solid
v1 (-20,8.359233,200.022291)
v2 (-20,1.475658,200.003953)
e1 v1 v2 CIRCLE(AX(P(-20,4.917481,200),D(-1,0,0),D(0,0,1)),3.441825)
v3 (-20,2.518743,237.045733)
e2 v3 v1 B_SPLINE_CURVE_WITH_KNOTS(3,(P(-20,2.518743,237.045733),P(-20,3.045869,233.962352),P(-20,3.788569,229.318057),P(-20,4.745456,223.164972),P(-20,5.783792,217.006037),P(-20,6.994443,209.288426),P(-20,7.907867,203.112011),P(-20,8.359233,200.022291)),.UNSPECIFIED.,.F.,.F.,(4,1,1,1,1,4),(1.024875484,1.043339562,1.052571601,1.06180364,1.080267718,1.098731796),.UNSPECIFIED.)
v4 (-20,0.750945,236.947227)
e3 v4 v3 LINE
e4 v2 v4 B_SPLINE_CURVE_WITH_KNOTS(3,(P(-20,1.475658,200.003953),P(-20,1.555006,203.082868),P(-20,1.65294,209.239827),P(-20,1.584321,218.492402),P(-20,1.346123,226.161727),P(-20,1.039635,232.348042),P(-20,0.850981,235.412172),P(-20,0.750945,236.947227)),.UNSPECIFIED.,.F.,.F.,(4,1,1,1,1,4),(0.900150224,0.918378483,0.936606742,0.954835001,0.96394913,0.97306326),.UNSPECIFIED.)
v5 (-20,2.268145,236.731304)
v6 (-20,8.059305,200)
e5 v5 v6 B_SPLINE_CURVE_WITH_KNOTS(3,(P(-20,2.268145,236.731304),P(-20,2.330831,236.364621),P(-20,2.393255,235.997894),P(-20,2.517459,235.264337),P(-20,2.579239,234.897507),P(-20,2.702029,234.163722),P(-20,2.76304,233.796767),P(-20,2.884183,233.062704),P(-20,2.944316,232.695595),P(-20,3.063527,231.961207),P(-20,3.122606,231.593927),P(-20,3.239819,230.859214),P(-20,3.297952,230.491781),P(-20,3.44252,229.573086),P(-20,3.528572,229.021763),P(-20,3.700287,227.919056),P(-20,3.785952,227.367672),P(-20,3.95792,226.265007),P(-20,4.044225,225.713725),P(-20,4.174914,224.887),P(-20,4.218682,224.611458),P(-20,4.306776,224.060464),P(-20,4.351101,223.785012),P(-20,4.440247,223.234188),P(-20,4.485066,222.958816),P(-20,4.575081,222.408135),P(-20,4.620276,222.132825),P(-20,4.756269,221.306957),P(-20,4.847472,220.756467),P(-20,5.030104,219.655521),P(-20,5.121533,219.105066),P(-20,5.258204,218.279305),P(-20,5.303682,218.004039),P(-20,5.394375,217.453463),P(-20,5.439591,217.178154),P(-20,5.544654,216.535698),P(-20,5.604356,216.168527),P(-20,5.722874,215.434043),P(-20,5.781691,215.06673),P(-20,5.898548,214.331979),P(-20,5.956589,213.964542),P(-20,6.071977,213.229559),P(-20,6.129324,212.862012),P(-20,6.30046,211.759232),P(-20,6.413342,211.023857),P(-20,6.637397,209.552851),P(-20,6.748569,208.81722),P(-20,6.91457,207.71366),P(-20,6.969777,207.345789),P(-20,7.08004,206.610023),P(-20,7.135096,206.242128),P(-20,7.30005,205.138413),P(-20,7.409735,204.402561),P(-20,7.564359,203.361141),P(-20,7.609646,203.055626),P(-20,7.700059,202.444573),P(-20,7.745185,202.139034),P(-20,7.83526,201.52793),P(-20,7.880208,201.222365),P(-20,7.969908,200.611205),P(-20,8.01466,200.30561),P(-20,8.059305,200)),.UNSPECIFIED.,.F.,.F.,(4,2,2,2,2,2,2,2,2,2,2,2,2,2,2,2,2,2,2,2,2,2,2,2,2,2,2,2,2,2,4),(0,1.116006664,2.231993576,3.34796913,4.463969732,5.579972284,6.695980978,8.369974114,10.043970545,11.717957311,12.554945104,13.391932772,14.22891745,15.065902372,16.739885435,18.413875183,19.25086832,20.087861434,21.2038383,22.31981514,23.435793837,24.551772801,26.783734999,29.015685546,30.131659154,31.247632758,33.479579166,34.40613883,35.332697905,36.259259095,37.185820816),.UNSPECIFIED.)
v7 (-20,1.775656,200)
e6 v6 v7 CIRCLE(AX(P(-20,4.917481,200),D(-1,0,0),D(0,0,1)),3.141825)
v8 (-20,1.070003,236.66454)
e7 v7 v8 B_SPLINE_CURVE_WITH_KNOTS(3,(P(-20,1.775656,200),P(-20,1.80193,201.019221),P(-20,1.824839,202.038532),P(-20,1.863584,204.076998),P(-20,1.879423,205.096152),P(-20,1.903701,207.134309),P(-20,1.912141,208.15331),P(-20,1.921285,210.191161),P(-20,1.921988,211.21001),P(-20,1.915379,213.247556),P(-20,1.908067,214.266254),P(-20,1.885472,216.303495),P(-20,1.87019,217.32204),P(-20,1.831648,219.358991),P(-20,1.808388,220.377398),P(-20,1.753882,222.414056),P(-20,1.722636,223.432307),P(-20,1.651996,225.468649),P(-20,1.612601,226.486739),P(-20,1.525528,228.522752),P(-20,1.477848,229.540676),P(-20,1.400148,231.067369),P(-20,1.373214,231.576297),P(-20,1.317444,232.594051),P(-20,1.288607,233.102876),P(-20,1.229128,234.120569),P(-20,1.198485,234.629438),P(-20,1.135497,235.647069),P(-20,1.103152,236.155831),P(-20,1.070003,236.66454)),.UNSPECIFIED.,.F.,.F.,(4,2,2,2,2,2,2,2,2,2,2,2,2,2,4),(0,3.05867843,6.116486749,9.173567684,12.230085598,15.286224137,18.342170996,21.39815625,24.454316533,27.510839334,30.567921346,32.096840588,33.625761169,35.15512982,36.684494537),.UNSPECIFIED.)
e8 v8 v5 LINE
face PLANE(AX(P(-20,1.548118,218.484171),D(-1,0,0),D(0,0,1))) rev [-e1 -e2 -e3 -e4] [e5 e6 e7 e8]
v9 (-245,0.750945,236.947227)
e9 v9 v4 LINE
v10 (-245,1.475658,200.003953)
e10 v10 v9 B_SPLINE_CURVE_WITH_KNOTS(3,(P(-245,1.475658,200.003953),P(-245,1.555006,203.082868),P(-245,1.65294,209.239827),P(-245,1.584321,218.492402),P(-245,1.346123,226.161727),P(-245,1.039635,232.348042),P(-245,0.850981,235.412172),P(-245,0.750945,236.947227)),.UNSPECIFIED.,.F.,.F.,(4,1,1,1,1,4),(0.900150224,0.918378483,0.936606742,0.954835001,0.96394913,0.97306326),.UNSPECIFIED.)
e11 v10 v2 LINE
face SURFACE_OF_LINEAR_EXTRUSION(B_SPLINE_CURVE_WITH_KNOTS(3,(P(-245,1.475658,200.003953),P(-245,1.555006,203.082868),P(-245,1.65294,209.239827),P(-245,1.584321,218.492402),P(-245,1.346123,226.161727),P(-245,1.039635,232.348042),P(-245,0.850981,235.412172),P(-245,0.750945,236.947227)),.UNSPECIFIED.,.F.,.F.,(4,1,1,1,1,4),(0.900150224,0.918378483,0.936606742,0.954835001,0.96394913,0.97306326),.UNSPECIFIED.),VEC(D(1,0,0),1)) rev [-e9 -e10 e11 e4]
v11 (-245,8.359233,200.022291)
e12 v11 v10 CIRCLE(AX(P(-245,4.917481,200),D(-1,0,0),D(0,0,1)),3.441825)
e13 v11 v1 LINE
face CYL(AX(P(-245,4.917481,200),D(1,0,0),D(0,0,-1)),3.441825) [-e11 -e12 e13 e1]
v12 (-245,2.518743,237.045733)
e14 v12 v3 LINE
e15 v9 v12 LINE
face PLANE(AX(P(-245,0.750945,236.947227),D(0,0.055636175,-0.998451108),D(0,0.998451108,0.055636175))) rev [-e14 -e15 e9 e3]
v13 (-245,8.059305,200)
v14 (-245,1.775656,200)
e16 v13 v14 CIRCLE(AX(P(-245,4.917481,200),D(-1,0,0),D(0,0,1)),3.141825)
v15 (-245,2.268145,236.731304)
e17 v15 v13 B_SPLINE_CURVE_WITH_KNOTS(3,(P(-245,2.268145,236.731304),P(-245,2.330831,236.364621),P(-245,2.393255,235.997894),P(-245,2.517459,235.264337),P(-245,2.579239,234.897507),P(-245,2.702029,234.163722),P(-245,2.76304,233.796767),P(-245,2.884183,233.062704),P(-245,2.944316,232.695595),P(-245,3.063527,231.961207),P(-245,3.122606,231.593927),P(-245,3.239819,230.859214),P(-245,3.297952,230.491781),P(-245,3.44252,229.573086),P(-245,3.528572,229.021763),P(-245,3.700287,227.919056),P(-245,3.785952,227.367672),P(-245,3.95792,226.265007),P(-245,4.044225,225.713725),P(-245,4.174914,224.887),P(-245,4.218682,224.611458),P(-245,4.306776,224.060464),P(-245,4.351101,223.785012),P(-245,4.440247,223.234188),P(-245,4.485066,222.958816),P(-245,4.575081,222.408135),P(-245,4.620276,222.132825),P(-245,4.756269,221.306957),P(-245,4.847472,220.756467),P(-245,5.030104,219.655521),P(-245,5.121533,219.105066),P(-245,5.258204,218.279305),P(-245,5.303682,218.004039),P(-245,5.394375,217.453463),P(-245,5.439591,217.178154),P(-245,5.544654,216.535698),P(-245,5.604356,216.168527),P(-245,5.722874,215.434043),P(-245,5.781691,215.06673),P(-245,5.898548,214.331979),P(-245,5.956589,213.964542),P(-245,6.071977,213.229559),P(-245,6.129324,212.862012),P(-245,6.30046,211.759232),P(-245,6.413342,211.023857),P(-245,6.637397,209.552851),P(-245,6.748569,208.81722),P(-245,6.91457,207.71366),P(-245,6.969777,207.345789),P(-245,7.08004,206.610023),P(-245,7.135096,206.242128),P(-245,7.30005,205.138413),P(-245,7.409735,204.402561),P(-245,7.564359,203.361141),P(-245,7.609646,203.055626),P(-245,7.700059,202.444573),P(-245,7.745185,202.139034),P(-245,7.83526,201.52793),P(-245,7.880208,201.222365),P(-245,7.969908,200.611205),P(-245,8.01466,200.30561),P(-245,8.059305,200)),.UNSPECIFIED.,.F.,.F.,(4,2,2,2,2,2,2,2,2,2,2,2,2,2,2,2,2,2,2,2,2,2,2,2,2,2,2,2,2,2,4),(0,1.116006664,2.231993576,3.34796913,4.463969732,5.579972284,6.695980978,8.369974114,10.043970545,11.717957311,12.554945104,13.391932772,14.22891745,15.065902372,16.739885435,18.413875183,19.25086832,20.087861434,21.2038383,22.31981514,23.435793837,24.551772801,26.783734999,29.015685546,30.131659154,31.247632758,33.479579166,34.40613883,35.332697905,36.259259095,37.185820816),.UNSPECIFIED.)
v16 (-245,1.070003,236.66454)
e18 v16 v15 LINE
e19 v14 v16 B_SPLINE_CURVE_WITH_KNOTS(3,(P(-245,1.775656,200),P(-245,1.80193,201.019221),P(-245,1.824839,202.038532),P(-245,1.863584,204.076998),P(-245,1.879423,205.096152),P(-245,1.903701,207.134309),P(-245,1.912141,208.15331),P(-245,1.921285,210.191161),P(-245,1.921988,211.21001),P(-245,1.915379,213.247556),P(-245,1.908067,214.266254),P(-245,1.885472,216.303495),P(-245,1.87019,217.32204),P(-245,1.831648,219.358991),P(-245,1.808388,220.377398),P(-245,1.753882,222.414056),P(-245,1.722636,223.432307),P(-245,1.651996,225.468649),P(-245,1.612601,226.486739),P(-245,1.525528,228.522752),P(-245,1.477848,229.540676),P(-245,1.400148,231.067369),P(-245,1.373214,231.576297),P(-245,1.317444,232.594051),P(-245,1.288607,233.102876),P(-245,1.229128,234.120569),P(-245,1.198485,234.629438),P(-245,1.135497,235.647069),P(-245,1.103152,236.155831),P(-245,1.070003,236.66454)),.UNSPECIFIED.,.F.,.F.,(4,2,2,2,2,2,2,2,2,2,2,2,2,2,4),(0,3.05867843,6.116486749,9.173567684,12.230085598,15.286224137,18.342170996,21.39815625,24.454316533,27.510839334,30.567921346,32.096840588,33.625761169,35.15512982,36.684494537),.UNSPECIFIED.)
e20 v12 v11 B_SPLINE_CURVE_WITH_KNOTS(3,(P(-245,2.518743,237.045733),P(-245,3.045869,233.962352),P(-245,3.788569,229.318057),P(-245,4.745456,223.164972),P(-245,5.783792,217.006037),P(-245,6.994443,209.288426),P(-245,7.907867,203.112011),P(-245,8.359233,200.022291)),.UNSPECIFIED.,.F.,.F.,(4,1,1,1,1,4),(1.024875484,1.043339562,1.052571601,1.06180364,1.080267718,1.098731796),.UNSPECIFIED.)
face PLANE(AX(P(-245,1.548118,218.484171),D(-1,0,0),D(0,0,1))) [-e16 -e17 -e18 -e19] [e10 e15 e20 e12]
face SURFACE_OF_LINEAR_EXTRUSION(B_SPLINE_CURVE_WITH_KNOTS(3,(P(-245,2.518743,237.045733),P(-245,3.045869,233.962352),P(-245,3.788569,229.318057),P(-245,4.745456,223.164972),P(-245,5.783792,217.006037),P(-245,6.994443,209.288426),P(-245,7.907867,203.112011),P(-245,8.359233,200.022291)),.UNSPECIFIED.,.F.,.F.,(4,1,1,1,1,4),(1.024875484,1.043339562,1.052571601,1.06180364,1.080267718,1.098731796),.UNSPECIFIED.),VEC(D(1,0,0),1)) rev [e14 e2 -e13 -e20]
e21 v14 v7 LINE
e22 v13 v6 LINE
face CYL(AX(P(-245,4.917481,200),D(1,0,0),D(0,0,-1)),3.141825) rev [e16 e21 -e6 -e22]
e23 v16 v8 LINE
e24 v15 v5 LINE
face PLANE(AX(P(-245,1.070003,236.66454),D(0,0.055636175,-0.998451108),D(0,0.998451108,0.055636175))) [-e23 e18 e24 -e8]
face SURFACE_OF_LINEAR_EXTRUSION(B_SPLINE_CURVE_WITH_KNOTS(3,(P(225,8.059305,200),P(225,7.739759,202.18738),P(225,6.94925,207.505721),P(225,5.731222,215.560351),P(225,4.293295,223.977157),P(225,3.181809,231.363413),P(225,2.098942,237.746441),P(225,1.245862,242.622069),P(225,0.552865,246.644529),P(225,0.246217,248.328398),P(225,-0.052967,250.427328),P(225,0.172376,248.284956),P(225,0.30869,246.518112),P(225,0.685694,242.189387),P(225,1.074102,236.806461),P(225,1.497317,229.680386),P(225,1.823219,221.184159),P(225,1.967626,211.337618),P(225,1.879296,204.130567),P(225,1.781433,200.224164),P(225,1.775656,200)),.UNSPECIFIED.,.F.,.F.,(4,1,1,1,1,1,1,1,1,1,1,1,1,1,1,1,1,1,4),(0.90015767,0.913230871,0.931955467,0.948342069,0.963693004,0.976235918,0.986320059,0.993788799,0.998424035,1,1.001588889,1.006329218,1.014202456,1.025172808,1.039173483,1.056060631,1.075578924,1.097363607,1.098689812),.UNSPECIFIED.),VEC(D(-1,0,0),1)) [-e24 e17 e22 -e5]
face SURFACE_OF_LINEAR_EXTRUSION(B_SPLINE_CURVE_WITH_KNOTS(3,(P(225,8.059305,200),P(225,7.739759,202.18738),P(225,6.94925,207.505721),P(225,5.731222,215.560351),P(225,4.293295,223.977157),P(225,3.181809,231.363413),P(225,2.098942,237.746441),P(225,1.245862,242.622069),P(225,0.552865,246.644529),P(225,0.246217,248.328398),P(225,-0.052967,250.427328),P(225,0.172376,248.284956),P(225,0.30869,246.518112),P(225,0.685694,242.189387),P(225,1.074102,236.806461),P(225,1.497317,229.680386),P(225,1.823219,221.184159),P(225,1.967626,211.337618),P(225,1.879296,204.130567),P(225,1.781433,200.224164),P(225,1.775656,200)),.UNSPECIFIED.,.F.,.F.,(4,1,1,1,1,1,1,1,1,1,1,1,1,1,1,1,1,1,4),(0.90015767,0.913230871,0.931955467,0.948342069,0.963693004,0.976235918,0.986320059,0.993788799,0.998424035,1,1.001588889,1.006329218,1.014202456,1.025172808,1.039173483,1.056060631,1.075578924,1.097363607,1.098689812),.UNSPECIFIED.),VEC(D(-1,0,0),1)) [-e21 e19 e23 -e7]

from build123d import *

# Parameters (mm, degrees)
SCHIZZO1_R               = 1.65
CORPOFOAM_DEPTH          = 225
SCHIZZO4_R               = 1.65
CORPOCENTINA_DEPTH       = 5
RIMOZIONEFOAM_DEPTH      = 337.437145013
INTAGLIOPOSTERIORE_DEPTH = 251.179840316
RIVESTIMENTO_DEPTH       = 225
RIMOZIONECENTINA_DEPTH   = 331.394548547


with BuildPart() as part:
    # Schizzo1 → CorpoFoam (new body)
    with BuildSketch(Plane(origin=(0, 0, 0), x_dir=(0, 0, -1), z_dir=(1, 0, 0))):
        with BuildLine():
            ThreePointArc((-200, 8.059305289), (-196.8581753, 4.91748059), (-200, 1.77565589))
            add(Edge.make_bspline(
                [(-200, 8.059305289), (-202.187379866, 7.739758676), (-207.50572073, 6.94925042), (-215.560350587, 5.731221771), (-223.977157043, 4.293295131), (-231.363413337, 3.181808879), (-237.746440905, 2.098942424), (-242.622069367, 1.245861924), (-246.644529334, 0.552864955), (-248.328398442, 0.246216773), (-250.427328459, -0.052966692), (-248.284955517, 0.172375667), (-246.518112421, 0.308690023), (-242.189387345, 0.685693601), (-236.806461265, 1.074101535), (-229.680385953, 1.497317245), (-221.184158699, 1.823218606), (-211.337618209, 1.967626103), (-204.130566759, 1.879296162), (-200.224163887, 1.781432917), (-200, 1.77565589)],
                knots=[0.90015767, 0.90015767, 0.90015767, 0.90015767, 0.913230871, 0.931955467, 0.948342069, 0.963693004, 0.976235918, 0.986320059, 0.993788799, 0.998424035, 1, 1.001588889, 1.006329218, 1.014202456, 1.025172808, 1.039173483, 1.056060631, 1.075578924, 1.097363607, 1.098689812, 1.098689812, 1.098689812, 1.098689812], degree=3))
        make_face()
        with Locations((-200, 4.91748059)):
            Circle(SCHIZZO1_R, mode=Mode.SUBTRACT)
    extrude(amount=CORPOFOAM_DEPTH)

    # Schizzo6 → RimozioneFoam (cut, through all)
    with BuildSketch(Plane.ZY):
        with BuildLine():
            ThreePointArc((200, 8.05930529), (196.8581753, 4.91748059), (200, 1.77565589))
            add(Edge.make_bspline(
                [(200, 1.77565589), (200.224163887, 1.781432917), (204.130566759, 1.879296162), (211.337618209, 1.967626103), (221.184158699, 1.823218606), (229.680385953, 1.497317245), (236.806461265, 1.074101535), (242.189387345, 0.685693601), (246.518112421, 0.308690023), (248.284955517, 0.172375667), (250.427328459, -0.052966692), (248.328398442, 0.246216773), (246.644529334, 0.552864955), (242.622069367, 1.245861924), (237.746440905, 2.098942424), (231.363413337, 3.181808879), (223.977157043, 4.293295131), (215.560350587, 5.731221771), (207.50572073, 6.94925042), (202.187379866, 7.739758676), (200, 8.05930529)],
                knots=[0.90015767, 0.90015767, 0.90015767, 0.90015767, 0.901483875, 0.923268558, 0.942786851, 0.959673998, 0.973674674, 0.984645025, 0.992518264, 0.997258593, 0.998847482, 1.000423447, 1.005058682, 1.012527423, 1.022611563, 1.035154477, 1.050505413, 1.066892015, 1.085616611, 1.098689812, 1.098689812, 1.098689812, 1.098689812], degree=3))
        make_face()
    extrude(amount=-RIMOZIONEFOAM_DEPTH, mode=Mode.SUBTRACT)


with BuildPart() as body_2:
    # Schizzo4 → CorpoCentina (new body)
    with BuildSketch(Plane.ZY.offset(15)):
        with BuildLine():
            ThreePointArc((200, 8.05930529), (196.8581753, 4.91748059), (200, 1.77565589))
            add(Edge.make_bspline(
                [(200, 1.77565589), (200.224163887, 1.781432917), (204.130566759, 1.879296162), (211.337618209, 1.967626103), (221.184158699, 1.823218606), (229.680385953, 1.497317245), (236.806461265, 1.074101535), (242.189387345, 0.685693601), (246.518112421, 0.308690023), (248.284955517, 0.172375667), (250.427328459, -0.052966692), (248.328398442, 0.246216773), (246.644529334, 0.552864955), (242.622069367, 1.245861924), (237.746440905, 2.098942424), (231.363413337, 3.181808879), (223.977157043, 4.293295131), (215.560350587, 5.731221771), (207.50572073, 6.94925042), (202.187379866, 7.739758676), (200, 8.05930529)],
                knots=[0.90015767, 0.90015767, 0.90015767, 0.90015767, 0.901483875, 0.923268558, 0.942786851, 0.959673998, 0.973674674, 0.984645025, 0.992518264, 0.997258593, 0.998847482, 1.000423447, 1.005058682, 1.012527423, 1.022611563, 1.035154477, 1.050505413, 1.066892015, 1.085616611, 1.098689812, 1.098689812, 1.098689812, 1.098689812], degree=3))
        make_face()
        with Locations((200, 4.91748059)):
            Circle(SCHIZZO4_R, mode=Mode.SUBTRACT)
    extrude(amount=CORPOCENTINA_DEPTH)

    # Schizzo7 → IntaglioPosteriore (cut, through all)
    with BuildSketch(Plane.ZY.offset(20)):
        with BuildLine():
            Line((294.445512703, 22.425455209), (238.029690152, 25.569085055))
            Line((238.029690152, 25.569085055), (236.731303845, 2.268144705))
            add(Edge.make_bspline(
                [(236.664540432, 1.070003375), (236.86754193, 1.056774279), (238.902160272, 0.922885243), (242.189387345, 0.685693601), (246.518112421, 0.308690023), (248.284955517, 0.172375667), (250.427328459, -0.052966692), (248.328398442, 0.246216773), (246.644529334, 0.552864955), (242.622069367, 1.245861924), (239.325840074, 1.822597612), (237.195098996, 2.188855706), (236.731303845, 2.268144705)],
                knots=[0.972461039, 0.972461039, 0.972461039, 0.972461039, 0.973674674, 0.984645025, 0.992518264, 0.997258593, 0.998847482, 1.000423447, 1.005058682, 1.012527423, 1.022611563, 1.025405319, 1.025405319, 1.025405319, 1.025405319], degree=3))
            Line((236.664540432, 1.070003375), (235.367531701, -22.206214878))
            Line((235.367531701, -22.206214878), (291.783354252, -25.349844724))
            Line((291.783354252, -25.349844724), (294.445512703, 22.425455209))
        make_face()
        with BuildLine():
            add(Edge.make_bspline(
                [(236.664540432, 1.070003375), (236.86754193, 1.056774279), (238.902160272, 0.922885243), (242.189387345, 0.685693601), (246.518112421, 0.308690023), (248.284955517, 0.172375667), (250.427328459, -0.052966692), (248.328398442, 0.246216773), (246.644529334, 0.552864955), (242.622069367, 1.245861924), (239.325840074, 1.822597612), (237.195098996, 2.188855706), (236.731303845, 2.268144705)],
                knots=[0.972461039, 0.972461039, 0.972461039, 0.972461039, 0.973674674, 0.984645025, 0.992518264, 0.997258593, 0.998847482, 1.000423447, 1.005058682, 1.012527423, 1.022611563, 1.025405319, 1.025405319, 1.025405319, 1.025405319], degree=3))
            Line((236.731303845, 2.268144705), (236.664540432, 1.070003375))
        make_face()
    extrude(amount=-INTAGLIOPOSTERIORE_DEPTH, mode=Mode.SUBTRACT)

    # Schizzo9 → RimozioneCentina (cut, through all)
    with BuildSketch(Plane(origin=(-15, 0, 0), x_dir=(0, 0, -1), z_dir=(1, 0, 0))):
        with BuildLine():
            Line((-236.731303845, 2.268144705), (-236.664540432, 1.070003375))
            add(Edge.make_bspline(
                [(-236.664540432, 1.070003375), (-234.525686034, 1.209387124), (-229.475821131, 1.505164017), (-221.184158699, 1.823218606), (-211.337618209, 1.967626103), (-204.130566759, 1.879296162), (-200.224163887, 1.781432917), (-200, 1.77565589)],
                knots=[0.90015767, 0.90015767, 0.90015767, 0.90015767, 0.91294471, 0.929831858, 0.949350151, 0.971134834, 0.972461039, 0.972461039, 0.972461039, 0.972461039], degree=3))
            ThreePointArc((-200, 1.77565589), (-196.8581753, 4.91748059), (-200, 8.05930529))
            add(Edge.make_bspline(
                [(-200, 8.05930529), (-202.187379866, 7.739758676), (-207.50572073, 6.94925042), (-215.560350587, 5.731221771), (-223.977157043, 4.293295131), (-230.897397414, 3.251935107), (-235.112832905, 2.544833541), (-236.731303845, 2.268144705)],
                knots=[1.025405319, 1.025405319, 1.025405319, 1.025405319, 1.03847852, 1.057203116, 1.073589718, 1.088940654, 1.098689812, 1.098689812, 1.098689812, 1.098689812], degree=3))
        make_face()
    extrude(amount=-RIMOZIONECENTINA_DEPTH, mode=Mode.SUBTRACT)


with BuildPart() as body_2_2:
    # Schizzo8 → Rivestimento (new body)
    with BuildSketch(Plane.ZY.offset(20)):
        with BuildLine():
            Line((236.9472271, 0.750945052), (237.045733203, 2.518743194))
            add(Edge.make_bspline(
                [(237.045733203, 2.518743194), (233.962351817, 3.045868634), (229.318057474, 3.788568713), (223.16497239, 4.745456415), (217.006036982, 5.783792258), (209.288425538, 6.994443084), (203.112011401, 7.907866804), (200.022291432, 8.359233102)],
                knots=[1.024875484, 1.024875484, 1.024875484, 1.024875484, 1.043339562, 1.052571601, 1.06180364, 1.080267718, 1.098731796, 1.098731796, 1.098731796, 1.098731796], degree=3))
            ThreePointArc((200.022291432, 8.359233102), (196.558187514, 4.92664979), (200.003953165, 1.47565816))
            add(Edge.make_bspline(
                [(200.003953165, 1.47565816), (203.082868041, 1.555006238), (209.239827337, 1.652940438), (218.492401608, 1.584321304), (226.161726594, 1.346122551), (232.348041607, 1.039634714), (235.412171703, 0.850980742), (236.9472271, 0.750945052)],
                knots=[0.900150224, 0.900150224, 0.900150224, 0.900150224, 0.918378483, 0.936606742, 0.954835001, 0.96394913, 0.97306326, 0.97306326, 0.97306326, 0.97306326], degree=3))
        make_face()
        with BuildLine():
            Line((236.664540434, 1.070003375), (236.731303845, 2.268144703))
            add(Edge.make_bspline(
                [(236.731303845, 2.268144703), (235.112832905, 2.544833541), (230.897397414, 3.251935107), (223.977157043, 4.293295131), (215.560350587, 5.731221771), (207.50572073, 6.94925042), (202.187379866, 7.739758676), (200, 8.05930529)],
                knots=[1.025405319, 1.025405319, 1.025405319, 1.025405319, 1.035154477, 1.050505413, 1.066892015, 1.085616611, 1.098689812, 1.098689812, 1.098689812, 1.098689812], degree=3))
            ThreePointArc((200, 8.05930529), (196.8581753, 4.91748059), (200, 1.77565589))
            add(Edge.make_bspline(
                [(200, 1.77565589), (200.224163887, 1.781432917), (204.130566759, 1.879296162), (211.337618209, 1.967626103), (221.184158699, 1.823218606), (229.475821132, 1.505164017), (234.525686035, 1.209387123), (236.664540434, 1.070003375)],
                knots=[0.90015767, 0.90015767, 0.90015767, 0.90015767, 0.901483875, 0.923268558, 0.942786851, 0.959673998, 0.972461039, 0.972461039, 0.972461039, 0.972461039], degree=3))
        make_face(mode=Mode.SUBTRACT)
    extrude(amount=RIVESTIMENTO_DEPTH)


solid = body_2_2.part
